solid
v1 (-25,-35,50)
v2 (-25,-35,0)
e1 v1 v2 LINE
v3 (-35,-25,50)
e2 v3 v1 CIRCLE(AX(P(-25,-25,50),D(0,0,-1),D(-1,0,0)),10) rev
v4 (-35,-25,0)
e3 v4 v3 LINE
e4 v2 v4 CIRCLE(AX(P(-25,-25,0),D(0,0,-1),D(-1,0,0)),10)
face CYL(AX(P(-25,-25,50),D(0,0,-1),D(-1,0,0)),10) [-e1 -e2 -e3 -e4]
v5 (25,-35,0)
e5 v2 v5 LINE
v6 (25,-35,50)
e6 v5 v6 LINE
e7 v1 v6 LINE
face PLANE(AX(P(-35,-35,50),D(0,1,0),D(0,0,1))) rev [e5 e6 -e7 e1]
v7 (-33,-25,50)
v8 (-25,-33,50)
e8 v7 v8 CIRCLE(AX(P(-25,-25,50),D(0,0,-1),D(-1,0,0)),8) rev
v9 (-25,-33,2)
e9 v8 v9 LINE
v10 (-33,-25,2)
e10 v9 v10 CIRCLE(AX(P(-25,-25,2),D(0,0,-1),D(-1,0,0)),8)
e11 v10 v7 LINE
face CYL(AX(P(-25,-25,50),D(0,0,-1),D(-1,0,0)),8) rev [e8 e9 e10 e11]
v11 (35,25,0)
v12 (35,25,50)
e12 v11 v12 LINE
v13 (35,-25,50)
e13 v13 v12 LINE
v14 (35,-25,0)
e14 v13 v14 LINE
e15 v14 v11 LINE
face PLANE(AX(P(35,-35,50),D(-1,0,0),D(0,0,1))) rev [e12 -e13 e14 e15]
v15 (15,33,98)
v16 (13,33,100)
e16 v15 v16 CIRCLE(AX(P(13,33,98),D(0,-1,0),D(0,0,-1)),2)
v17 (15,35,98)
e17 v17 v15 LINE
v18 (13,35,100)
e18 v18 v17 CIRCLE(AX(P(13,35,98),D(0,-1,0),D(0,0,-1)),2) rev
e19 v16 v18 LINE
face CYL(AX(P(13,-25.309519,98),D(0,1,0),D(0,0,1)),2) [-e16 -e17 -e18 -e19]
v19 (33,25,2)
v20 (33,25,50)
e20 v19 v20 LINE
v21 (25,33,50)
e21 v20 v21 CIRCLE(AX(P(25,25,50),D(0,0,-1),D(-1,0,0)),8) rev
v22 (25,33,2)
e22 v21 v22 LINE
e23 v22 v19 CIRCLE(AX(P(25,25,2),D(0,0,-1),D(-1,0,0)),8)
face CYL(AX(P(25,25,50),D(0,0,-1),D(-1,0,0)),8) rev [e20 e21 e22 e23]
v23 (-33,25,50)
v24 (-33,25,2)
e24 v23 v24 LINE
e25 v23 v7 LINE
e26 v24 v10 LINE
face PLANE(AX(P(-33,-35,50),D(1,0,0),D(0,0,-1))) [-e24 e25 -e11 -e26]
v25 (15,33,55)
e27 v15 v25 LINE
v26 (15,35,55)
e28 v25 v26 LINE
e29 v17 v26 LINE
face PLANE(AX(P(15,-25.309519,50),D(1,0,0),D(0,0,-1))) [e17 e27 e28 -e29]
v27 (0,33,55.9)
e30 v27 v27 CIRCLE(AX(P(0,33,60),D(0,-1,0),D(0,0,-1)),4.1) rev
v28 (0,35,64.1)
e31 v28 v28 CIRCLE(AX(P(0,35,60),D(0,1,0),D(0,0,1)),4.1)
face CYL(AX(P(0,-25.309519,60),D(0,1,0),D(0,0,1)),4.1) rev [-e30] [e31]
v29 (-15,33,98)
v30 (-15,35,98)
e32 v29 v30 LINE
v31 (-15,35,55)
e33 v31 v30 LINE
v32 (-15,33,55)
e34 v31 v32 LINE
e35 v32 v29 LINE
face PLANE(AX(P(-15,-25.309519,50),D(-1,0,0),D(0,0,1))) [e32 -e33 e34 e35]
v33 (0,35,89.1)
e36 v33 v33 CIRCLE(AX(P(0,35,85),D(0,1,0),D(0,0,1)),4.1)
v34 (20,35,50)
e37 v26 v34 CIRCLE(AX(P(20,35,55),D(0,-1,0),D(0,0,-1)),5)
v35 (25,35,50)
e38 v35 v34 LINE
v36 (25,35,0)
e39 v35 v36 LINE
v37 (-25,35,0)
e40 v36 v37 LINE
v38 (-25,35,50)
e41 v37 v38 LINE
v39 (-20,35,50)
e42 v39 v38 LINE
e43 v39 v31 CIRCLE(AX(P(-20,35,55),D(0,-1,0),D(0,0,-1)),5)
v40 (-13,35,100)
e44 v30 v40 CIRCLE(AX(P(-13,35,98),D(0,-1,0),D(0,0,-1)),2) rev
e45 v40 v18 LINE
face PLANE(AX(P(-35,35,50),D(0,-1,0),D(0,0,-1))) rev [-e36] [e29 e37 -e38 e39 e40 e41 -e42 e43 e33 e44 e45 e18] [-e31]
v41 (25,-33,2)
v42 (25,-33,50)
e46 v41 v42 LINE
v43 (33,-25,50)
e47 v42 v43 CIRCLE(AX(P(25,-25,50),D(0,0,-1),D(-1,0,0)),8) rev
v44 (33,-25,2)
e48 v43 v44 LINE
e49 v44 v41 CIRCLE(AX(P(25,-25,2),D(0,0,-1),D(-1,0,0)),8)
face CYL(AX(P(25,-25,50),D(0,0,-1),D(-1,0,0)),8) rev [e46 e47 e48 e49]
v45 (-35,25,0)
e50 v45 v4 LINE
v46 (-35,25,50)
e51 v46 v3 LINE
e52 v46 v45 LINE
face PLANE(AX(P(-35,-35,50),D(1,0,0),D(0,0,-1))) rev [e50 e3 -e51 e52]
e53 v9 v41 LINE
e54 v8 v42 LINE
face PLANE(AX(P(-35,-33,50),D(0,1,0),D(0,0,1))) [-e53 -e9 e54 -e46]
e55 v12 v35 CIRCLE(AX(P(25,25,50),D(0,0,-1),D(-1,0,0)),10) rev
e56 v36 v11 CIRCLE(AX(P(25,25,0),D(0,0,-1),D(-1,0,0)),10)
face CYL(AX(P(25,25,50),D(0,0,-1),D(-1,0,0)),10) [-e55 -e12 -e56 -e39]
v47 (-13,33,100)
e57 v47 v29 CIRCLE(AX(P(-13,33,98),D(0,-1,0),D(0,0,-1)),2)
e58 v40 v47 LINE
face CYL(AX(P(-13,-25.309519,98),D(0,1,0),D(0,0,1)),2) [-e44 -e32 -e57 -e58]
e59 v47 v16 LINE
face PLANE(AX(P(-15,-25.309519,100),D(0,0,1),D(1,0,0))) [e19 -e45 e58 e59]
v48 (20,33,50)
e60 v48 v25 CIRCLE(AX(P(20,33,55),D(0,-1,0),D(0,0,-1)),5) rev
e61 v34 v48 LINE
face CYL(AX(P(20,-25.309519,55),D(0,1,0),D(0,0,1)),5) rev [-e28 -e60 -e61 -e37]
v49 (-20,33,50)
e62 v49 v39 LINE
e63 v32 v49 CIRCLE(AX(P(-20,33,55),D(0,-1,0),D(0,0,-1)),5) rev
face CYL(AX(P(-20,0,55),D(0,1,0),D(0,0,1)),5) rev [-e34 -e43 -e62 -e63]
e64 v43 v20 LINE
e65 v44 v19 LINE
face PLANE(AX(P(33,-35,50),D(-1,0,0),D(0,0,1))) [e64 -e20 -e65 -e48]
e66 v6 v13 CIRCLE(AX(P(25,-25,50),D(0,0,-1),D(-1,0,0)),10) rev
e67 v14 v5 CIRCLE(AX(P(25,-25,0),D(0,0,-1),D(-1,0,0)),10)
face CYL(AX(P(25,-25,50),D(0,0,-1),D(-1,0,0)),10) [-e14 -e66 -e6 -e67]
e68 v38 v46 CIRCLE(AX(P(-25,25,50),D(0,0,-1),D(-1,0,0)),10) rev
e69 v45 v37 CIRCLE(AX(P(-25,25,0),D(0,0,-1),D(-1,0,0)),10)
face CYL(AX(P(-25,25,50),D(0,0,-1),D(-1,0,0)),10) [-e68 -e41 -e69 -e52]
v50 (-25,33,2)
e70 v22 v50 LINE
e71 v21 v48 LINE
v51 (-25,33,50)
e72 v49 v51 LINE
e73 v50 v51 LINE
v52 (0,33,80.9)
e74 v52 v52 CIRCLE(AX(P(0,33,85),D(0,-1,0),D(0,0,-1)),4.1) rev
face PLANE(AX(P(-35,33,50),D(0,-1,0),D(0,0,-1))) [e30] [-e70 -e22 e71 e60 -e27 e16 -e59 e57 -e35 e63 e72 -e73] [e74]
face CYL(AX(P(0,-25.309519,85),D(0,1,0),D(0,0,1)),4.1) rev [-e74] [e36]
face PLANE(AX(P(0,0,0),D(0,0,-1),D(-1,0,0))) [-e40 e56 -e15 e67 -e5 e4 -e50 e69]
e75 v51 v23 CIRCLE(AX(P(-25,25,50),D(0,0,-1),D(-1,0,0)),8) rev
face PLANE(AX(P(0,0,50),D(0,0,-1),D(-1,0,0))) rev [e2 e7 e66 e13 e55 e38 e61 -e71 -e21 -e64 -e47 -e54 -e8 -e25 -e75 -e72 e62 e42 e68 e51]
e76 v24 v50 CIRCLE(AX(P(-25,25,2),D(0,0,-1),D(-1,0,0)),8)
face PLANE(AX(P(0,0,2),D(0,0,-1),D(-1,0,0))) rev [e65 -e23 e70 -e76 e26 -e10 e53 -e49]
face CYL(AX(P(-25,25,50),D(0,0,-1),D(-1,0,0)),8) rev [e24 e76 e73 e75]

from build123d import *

# Parameters (mm, degrees)
SKETCH1_W           = 70
SKETCH1_H           = 70
BOSS_EXTRUDE1_DEPTH = 50
FILLET1_R           = 10
SHELL1_T            = -2
SKETCH2_W           = 30
SKETCH2_H           = 50
SKETCH2_R           = 4.1
BOSS_EXTRUDE2_DEPTH = 2
FILLET2_R           = 5
FILLET3_R           = 2


with BuildPart() as part:
    # Sketch1 → Boss-Extrude1 (new body)
    with BuildSketch(Plane.XY):
        Rectangle(SKETCH1_W, SKETCH1_H)
    extrude(amount=BOSS_EXTRUDE1_DEPTH)

    # Fillet1
    fillet1_edges = [part.edges().sort_by_distance(p)[0] for p in [
        (35, -35, 25),
        (-35, -35, 25),
        (-35, 35, 25),
        (35, 35, 25),
    ]]
    fillet(fillet1_edges, radius=FILLET1_R)

    # Shell1
    shell1_openings = [part.faces().sort_by_distance(p)[0] for p in [
        (0, 0, 50),
    ]]
    offset(amount=SHELL1_T, openings=shell1_openings, kind=Kind.INTERSECTION)

    # Sketch2 → Boss-Extrude2 (add)
    with BuildSketch(Plane(origin=(0, 35, 0), x_dir=(1, 0, 0), z_dir=(0, 1, 0))):
        with Locations((0, -75)):
            Rectangle(SKETCH2_W, SKETCH2_H)
        with Locations(Location((0, -85, 0), (0, 0, 270))):
            Circle(SKETCH2_R, mode=Mode.SUBTRACT)
        with Locations(Location((0, -60, 0), (0, 0, 270))):
            Circle(SKETCH2_R, mode=Mode.SUBTRACT)
    extrude(amount=-BOSS_EXTRUDE2_DEPTH)

    # Fillet2
    fillet2_edges = [part.edges().sort_by_distance(p)[0] for p in [
        (15, 34, 50),
        (-15, 34, 50),
    ]]
    fillet(fillet2_edges, radius=FILLET2_R)

    # Fillet3
    fillet3_edges = [part.edges().sort_by_distance(p)[0] for p in [
        (-15, 34, 100),
        (15, 34, 100),
    ]]
    fillet(fillet3_edges, radius=FILLET3_R)


solid = part.part
